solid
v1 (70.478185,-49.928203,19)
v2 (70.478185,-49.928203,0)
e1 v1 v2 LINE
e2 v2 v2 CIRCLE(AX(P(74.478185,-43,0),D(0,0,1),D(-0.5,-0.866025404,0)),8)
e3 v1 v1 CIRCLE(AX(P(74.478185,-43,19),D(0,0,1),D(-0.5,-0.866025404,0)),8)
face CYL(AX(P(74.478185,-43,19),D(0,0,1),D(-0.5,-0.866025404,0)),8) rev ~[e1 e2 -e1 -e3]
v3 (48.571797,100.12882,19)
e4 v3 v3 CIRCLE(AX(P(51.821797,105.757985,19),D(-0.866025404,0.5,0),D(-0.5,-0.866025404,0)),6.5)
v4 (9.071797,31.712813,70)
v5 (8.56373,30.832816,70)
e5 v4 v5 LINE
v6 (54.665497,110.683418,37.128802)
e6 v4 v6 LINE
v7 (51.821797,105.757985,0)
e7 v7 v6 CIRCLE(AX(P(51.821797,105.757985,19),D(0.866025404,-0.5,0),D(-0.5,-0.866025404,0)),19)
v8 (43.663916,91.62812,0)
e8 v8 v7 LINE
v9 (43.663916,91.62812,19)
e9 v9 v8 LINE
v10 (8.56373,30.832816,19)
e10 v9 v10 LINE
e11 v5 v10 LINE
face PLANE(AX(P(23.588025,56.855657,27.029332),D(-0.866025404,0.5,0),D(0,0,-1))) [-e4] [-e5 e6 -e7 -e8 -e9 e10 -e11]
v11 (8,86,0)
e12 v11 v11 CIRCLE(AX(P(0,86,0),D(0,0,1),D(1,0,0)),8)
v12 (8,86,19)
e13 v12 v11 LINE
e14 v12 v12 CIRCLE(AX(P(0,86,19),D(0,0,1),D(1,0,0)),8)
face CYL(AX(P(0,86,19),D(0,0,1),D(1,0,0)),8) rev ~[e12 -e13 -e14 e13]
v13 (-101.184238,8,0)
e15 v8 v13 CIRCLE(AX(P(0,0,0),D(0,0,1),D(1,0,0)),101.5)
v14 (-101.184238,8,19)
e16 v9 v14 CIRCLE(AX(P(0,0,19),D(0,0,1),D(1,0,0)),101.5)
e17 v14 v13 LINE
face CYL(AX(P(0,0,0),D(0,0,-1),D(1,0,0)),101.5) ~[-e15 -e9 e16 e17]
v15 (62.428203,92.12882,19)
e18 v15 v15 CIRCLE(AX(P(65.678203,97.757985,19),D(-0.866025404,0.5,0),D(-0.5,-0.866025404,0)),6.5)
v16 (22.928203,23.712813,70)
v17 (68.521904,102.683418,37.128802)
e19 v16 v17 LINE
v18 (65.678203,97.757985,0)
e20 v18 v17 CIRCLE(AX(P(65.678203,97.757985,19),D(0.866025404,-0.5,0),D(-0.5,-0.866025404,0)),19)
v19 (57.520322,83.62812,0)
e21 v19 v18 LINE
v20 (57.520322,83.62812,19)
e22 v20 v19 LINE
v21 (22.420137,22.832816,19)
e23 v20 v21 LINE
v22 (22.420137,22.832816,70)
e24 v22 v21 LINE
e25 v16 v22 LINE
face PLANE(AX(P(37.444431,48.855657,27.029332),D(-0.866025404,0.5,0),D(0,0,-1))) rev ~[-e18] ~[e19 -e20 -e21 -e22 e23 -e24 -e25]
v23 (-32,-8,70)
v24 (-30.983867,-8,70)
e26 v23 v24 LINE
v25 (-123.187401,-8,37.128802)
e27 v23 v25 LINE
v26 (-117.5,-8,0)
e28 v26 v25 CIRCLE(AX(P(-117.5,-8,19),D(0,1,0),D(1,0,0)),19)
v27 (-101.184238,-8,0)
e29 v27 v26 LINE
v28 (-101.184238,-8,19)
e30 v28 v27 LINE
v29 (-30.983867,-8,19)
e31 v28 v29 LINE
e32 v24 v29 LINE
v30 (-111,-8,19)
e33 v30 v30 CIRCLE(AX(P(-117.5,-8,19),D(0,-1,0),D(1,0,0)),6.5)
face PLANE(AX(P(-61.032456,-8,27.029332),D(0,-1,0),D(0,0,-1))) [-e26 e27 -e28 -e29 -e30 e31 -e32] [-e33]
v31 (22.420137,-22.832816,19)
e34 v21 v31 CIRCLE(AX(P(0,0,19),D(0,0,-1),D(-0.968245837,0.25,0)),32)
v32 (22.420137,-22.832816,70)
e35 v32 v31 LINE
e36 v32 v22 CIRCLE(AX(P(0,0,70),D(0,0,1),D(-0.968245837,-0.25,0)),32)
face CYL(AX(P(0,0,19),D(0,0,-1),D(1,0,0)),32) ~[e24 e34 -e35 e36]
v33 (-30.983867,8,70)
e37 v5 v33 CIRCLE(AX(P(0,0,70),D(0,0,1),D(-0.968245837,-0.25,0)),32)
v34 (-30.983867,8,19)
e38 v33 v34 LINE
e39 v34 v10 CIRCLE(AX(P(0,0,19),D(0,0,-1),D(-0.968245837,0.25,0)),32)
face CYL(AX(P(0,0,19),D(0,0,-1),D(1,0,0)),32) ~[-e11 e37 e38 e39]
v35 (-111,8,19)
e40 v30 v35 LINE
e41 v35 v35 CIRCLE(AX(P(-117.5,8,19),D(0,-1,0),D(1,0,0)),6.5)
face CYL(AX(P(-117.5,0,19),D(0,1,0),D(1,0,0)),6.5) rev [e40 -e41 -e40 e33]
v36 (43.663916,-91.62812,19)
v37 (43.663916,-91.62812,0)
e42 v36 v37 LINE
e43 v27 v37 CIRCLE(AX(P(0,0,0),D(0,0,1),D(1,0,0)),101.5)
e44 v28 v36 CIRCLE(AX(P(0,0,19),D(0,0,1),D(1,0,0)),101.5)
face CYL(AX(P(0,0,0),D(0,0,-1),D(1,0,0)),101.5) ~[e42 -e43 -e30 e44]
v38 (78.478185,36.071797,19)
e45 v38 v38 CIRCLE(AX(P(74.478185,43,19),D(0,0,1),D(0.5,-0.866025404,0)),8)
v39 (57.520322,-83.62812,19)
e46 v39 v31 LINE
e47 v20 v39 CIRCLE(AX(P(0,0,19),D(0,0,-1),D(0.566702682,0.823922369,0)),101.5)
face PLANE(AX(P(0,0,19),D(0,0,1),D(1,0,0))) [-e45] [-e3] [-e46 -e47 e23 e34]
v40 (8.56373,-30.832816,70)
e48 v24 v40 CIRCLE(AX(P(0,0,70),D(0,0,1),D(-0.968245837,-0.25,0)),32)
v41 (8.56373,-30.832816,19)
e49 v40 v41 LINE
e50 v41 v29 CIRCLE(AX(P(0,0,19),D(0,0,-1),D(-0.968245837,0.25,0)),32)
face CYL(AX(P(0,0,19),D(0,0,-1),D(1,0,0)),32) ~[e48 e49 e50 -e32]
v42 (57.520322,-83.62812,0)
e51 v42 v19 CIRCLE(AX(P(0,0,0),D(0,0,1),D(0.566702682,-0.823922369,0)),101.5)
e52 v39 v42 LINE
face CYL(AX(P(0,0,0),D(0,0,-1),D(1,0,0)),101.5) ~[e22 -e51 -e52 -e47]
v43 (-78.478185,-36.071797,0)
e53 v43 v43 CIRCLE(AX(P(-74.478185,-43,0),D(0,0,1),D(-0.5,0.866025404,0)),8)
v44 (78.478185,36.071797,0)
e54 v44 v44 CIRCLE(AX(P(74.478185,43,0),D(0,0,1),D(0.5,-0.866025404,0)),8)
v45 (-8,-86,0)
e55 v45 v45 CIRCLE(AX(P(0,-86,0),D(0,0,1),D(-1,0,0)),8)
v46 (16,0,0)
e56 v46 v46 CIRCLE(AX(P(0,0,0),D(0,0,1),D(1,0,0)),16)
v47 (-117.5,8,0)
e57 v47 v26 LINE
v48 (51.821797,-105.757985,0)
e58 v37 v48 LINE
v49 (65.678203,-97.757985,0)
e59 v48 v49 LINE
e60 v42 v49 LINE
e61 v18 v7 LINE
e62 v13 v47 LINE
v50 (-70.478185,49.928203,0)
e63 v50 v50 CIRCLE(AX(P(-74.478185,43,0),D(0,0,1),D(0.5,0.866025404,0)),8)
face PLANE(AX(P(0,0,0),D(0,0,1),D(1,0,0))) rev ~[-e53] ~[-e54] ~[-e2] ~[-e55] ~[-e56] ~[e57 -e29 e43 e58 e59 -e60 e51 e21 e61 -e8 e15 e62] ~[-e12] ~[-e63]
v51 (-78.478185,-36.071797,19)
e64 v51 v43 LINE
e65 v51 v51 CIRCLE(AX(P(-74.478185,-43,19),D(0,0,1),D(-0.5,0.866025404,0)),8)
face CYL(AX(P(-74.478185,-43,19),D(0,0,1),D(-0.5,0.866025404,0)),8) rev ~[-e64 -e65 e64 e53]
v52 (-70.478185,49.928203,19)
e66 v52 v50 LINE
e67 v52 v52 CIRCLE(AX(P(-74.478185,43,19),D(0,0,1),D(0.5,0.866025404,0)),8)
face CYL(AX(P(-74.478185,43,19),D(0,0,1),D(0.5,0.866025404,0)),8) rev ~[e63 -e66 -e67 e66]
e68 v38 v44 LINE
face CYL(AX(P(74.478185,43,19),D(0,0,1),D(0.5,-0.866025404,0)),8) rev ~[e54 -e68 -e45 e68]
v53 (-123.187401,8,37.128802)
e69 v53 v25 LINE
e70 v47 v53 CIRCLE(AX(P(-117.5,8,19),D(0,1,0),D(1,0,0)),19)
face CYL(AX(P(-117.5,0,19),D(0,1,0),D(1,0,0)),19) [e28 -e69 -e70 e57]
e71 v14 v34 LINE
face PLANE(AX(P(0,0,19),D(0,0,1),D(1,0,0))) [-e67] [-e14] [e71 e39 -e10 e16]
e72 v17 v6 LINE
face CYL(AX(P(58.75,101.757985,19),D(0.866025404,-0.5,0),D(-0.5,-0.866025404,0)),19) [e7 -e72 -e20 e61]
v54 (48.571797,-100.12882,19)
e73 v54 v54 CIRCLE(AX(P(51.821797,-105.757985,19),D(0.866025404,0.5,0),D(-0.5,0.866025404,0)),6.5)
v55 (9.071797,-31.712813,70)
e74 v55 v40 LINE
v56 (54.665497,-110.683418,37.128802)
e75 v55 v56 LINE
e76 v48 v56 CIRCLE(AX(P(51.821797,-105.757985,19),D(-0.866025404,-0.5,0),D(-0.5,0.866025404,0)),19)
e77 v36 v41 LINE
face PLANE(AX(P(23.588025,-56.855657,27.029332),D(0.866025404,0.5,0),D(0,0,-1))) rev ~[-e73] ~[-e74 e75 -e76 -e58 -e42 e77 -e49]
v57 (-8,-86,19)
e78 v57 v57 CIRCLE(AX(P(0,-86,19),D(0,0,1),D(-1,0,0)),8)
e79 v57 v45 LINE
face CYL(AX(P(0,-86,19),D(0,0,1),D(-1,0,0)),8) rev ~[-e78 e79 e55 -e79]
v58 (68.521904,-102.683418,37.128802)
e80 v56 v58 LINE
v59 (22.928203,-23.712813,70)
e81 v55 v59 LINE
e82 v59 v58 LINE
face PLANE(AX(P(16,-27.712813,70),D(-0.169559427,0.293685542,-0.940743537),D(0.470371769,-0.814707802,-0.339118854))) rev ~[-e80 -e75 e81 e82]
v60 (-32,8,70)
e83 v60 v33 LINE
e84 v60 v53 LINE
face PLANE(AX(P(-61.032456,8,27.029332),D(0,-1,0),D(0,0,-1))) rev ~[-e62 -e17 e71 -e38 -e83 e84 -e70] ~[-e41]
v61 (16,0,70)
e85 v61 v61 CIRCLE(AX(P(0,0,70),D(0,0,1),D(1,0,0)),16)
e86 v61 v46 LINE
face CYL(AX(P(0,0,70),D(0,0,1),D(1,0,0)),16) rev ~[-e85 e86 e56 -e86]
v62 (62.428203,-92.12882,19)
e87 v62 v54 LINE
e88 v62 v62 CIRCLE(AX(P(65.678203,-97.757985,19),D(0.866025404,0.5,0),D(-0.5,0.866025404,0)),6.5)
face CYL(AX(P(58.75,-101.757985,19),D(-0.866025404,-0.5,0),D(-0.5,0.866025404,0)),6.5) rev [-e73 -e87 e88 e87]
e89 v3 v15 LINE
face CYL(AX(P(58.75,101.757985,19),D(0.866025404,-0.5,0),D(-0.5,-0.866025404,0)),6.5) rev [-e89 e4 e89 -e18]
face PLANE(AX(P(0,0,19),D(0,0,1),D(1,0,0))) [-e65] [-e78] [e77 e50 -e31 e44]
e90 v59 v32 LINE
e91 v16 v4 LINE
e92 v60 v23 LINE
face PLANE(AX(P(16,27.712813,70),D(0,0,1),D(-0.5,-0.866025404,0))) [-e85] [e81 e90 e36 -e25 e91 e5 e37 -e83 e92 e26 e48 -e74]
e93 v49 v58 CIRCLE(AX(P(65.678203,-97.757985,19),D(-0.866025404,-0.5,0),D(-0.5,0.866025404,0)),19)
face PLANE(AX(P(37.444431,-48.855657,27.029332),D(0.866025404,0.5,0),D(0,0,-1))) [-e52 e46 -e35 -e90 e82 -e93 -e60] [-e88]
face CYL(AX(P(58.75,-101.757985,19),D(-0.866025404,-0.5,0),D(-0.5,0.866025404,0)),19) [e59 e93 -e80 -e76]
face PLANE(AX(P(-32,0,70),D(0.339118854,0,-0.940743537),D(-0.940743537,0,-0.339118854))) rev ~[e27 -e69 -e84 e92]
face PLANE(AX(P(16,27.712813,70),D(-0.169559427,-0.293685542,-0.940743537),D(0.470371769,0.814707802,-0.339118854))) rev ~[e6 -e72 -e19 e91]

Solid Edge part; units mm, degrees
sketch "Sketch1" plane through (0, 0, 0) normal (0, 0, 1) x (1, 0, 0)
  circle A0 centre (0, 0) radius 101.5
extrude "Protrusion1" add sketch "Sketch1" along normal blind 19
sketch "Sketch2" plane through (0, 0, 19) normal (0, 0, 1) x (1, 0, 0)
  circle A0 centre (0, 86) radius 8
extrude "ExtrudedCutout_1" cut sketch "Sketch2" against normal blind 93.7971
pattern_circular "Pattern1" count 6 over 360 about axis through (0, 0, 19) along (0, 0, -1) of "ExtrudedCutout_1"
sketch "Sketch3" plane through (0, 0, 19) normal (0, 0, 1) x (1, 0, 0)
  circle A0 centre (0, 0) radius 32
extrude "ExtrudedProtrusion_2" add sketch "Sketch3" along normal blind 51
sketch "Sketch4" plane through (0, 0, 70) normal (0, 0, 1) x (1, 0, 0)
  circle A0 centre (0, 0) radius 16
extrude "ExtrudedCutout_2" cut sketch "Sketch4" against normal blind 138.4469
sketch "Sketch5" plane through (0, 0, 0) normal (0, -1, 0) x (1, 0, 0)
  line L0 (-32, 70) -> (-123.1874, 37.1288)
  line L1 (0, 0) -> (-117.5, 0)
  line L2 (0, 19) -> (0, 0)
  line L3 (-16, 19) -> (0, 19)
  line L4 (-16, 70) -> (-16, 19)
  line L5 (-32, 70) -> (-16, 70)
  arc A0 (-117.5, 0) -> (-123.1874, 37.1288) centre (-117.5, 19) cw
  circle A1 centre (-117.5, 19) radius 6.5
extrude "ExtrudedProtrusion_5" add sketch "Sketch5" along normal mid plane 16
pattern_circular "Pattern3" count 3 over 360 about axis through (0, 0, 19) along (0, 0, -1) of "ExtrudedProtrusion_5"
sketch "Sketch6" plane through (0, 0, 70) normal (0, 0, 1) x (1, 0, 0)
  circle A0 centre (0, 0) radius 16
extrude "ExtrudedCutout_3" cut sketch "Sketch6" along normal mid plane 22491.7976
